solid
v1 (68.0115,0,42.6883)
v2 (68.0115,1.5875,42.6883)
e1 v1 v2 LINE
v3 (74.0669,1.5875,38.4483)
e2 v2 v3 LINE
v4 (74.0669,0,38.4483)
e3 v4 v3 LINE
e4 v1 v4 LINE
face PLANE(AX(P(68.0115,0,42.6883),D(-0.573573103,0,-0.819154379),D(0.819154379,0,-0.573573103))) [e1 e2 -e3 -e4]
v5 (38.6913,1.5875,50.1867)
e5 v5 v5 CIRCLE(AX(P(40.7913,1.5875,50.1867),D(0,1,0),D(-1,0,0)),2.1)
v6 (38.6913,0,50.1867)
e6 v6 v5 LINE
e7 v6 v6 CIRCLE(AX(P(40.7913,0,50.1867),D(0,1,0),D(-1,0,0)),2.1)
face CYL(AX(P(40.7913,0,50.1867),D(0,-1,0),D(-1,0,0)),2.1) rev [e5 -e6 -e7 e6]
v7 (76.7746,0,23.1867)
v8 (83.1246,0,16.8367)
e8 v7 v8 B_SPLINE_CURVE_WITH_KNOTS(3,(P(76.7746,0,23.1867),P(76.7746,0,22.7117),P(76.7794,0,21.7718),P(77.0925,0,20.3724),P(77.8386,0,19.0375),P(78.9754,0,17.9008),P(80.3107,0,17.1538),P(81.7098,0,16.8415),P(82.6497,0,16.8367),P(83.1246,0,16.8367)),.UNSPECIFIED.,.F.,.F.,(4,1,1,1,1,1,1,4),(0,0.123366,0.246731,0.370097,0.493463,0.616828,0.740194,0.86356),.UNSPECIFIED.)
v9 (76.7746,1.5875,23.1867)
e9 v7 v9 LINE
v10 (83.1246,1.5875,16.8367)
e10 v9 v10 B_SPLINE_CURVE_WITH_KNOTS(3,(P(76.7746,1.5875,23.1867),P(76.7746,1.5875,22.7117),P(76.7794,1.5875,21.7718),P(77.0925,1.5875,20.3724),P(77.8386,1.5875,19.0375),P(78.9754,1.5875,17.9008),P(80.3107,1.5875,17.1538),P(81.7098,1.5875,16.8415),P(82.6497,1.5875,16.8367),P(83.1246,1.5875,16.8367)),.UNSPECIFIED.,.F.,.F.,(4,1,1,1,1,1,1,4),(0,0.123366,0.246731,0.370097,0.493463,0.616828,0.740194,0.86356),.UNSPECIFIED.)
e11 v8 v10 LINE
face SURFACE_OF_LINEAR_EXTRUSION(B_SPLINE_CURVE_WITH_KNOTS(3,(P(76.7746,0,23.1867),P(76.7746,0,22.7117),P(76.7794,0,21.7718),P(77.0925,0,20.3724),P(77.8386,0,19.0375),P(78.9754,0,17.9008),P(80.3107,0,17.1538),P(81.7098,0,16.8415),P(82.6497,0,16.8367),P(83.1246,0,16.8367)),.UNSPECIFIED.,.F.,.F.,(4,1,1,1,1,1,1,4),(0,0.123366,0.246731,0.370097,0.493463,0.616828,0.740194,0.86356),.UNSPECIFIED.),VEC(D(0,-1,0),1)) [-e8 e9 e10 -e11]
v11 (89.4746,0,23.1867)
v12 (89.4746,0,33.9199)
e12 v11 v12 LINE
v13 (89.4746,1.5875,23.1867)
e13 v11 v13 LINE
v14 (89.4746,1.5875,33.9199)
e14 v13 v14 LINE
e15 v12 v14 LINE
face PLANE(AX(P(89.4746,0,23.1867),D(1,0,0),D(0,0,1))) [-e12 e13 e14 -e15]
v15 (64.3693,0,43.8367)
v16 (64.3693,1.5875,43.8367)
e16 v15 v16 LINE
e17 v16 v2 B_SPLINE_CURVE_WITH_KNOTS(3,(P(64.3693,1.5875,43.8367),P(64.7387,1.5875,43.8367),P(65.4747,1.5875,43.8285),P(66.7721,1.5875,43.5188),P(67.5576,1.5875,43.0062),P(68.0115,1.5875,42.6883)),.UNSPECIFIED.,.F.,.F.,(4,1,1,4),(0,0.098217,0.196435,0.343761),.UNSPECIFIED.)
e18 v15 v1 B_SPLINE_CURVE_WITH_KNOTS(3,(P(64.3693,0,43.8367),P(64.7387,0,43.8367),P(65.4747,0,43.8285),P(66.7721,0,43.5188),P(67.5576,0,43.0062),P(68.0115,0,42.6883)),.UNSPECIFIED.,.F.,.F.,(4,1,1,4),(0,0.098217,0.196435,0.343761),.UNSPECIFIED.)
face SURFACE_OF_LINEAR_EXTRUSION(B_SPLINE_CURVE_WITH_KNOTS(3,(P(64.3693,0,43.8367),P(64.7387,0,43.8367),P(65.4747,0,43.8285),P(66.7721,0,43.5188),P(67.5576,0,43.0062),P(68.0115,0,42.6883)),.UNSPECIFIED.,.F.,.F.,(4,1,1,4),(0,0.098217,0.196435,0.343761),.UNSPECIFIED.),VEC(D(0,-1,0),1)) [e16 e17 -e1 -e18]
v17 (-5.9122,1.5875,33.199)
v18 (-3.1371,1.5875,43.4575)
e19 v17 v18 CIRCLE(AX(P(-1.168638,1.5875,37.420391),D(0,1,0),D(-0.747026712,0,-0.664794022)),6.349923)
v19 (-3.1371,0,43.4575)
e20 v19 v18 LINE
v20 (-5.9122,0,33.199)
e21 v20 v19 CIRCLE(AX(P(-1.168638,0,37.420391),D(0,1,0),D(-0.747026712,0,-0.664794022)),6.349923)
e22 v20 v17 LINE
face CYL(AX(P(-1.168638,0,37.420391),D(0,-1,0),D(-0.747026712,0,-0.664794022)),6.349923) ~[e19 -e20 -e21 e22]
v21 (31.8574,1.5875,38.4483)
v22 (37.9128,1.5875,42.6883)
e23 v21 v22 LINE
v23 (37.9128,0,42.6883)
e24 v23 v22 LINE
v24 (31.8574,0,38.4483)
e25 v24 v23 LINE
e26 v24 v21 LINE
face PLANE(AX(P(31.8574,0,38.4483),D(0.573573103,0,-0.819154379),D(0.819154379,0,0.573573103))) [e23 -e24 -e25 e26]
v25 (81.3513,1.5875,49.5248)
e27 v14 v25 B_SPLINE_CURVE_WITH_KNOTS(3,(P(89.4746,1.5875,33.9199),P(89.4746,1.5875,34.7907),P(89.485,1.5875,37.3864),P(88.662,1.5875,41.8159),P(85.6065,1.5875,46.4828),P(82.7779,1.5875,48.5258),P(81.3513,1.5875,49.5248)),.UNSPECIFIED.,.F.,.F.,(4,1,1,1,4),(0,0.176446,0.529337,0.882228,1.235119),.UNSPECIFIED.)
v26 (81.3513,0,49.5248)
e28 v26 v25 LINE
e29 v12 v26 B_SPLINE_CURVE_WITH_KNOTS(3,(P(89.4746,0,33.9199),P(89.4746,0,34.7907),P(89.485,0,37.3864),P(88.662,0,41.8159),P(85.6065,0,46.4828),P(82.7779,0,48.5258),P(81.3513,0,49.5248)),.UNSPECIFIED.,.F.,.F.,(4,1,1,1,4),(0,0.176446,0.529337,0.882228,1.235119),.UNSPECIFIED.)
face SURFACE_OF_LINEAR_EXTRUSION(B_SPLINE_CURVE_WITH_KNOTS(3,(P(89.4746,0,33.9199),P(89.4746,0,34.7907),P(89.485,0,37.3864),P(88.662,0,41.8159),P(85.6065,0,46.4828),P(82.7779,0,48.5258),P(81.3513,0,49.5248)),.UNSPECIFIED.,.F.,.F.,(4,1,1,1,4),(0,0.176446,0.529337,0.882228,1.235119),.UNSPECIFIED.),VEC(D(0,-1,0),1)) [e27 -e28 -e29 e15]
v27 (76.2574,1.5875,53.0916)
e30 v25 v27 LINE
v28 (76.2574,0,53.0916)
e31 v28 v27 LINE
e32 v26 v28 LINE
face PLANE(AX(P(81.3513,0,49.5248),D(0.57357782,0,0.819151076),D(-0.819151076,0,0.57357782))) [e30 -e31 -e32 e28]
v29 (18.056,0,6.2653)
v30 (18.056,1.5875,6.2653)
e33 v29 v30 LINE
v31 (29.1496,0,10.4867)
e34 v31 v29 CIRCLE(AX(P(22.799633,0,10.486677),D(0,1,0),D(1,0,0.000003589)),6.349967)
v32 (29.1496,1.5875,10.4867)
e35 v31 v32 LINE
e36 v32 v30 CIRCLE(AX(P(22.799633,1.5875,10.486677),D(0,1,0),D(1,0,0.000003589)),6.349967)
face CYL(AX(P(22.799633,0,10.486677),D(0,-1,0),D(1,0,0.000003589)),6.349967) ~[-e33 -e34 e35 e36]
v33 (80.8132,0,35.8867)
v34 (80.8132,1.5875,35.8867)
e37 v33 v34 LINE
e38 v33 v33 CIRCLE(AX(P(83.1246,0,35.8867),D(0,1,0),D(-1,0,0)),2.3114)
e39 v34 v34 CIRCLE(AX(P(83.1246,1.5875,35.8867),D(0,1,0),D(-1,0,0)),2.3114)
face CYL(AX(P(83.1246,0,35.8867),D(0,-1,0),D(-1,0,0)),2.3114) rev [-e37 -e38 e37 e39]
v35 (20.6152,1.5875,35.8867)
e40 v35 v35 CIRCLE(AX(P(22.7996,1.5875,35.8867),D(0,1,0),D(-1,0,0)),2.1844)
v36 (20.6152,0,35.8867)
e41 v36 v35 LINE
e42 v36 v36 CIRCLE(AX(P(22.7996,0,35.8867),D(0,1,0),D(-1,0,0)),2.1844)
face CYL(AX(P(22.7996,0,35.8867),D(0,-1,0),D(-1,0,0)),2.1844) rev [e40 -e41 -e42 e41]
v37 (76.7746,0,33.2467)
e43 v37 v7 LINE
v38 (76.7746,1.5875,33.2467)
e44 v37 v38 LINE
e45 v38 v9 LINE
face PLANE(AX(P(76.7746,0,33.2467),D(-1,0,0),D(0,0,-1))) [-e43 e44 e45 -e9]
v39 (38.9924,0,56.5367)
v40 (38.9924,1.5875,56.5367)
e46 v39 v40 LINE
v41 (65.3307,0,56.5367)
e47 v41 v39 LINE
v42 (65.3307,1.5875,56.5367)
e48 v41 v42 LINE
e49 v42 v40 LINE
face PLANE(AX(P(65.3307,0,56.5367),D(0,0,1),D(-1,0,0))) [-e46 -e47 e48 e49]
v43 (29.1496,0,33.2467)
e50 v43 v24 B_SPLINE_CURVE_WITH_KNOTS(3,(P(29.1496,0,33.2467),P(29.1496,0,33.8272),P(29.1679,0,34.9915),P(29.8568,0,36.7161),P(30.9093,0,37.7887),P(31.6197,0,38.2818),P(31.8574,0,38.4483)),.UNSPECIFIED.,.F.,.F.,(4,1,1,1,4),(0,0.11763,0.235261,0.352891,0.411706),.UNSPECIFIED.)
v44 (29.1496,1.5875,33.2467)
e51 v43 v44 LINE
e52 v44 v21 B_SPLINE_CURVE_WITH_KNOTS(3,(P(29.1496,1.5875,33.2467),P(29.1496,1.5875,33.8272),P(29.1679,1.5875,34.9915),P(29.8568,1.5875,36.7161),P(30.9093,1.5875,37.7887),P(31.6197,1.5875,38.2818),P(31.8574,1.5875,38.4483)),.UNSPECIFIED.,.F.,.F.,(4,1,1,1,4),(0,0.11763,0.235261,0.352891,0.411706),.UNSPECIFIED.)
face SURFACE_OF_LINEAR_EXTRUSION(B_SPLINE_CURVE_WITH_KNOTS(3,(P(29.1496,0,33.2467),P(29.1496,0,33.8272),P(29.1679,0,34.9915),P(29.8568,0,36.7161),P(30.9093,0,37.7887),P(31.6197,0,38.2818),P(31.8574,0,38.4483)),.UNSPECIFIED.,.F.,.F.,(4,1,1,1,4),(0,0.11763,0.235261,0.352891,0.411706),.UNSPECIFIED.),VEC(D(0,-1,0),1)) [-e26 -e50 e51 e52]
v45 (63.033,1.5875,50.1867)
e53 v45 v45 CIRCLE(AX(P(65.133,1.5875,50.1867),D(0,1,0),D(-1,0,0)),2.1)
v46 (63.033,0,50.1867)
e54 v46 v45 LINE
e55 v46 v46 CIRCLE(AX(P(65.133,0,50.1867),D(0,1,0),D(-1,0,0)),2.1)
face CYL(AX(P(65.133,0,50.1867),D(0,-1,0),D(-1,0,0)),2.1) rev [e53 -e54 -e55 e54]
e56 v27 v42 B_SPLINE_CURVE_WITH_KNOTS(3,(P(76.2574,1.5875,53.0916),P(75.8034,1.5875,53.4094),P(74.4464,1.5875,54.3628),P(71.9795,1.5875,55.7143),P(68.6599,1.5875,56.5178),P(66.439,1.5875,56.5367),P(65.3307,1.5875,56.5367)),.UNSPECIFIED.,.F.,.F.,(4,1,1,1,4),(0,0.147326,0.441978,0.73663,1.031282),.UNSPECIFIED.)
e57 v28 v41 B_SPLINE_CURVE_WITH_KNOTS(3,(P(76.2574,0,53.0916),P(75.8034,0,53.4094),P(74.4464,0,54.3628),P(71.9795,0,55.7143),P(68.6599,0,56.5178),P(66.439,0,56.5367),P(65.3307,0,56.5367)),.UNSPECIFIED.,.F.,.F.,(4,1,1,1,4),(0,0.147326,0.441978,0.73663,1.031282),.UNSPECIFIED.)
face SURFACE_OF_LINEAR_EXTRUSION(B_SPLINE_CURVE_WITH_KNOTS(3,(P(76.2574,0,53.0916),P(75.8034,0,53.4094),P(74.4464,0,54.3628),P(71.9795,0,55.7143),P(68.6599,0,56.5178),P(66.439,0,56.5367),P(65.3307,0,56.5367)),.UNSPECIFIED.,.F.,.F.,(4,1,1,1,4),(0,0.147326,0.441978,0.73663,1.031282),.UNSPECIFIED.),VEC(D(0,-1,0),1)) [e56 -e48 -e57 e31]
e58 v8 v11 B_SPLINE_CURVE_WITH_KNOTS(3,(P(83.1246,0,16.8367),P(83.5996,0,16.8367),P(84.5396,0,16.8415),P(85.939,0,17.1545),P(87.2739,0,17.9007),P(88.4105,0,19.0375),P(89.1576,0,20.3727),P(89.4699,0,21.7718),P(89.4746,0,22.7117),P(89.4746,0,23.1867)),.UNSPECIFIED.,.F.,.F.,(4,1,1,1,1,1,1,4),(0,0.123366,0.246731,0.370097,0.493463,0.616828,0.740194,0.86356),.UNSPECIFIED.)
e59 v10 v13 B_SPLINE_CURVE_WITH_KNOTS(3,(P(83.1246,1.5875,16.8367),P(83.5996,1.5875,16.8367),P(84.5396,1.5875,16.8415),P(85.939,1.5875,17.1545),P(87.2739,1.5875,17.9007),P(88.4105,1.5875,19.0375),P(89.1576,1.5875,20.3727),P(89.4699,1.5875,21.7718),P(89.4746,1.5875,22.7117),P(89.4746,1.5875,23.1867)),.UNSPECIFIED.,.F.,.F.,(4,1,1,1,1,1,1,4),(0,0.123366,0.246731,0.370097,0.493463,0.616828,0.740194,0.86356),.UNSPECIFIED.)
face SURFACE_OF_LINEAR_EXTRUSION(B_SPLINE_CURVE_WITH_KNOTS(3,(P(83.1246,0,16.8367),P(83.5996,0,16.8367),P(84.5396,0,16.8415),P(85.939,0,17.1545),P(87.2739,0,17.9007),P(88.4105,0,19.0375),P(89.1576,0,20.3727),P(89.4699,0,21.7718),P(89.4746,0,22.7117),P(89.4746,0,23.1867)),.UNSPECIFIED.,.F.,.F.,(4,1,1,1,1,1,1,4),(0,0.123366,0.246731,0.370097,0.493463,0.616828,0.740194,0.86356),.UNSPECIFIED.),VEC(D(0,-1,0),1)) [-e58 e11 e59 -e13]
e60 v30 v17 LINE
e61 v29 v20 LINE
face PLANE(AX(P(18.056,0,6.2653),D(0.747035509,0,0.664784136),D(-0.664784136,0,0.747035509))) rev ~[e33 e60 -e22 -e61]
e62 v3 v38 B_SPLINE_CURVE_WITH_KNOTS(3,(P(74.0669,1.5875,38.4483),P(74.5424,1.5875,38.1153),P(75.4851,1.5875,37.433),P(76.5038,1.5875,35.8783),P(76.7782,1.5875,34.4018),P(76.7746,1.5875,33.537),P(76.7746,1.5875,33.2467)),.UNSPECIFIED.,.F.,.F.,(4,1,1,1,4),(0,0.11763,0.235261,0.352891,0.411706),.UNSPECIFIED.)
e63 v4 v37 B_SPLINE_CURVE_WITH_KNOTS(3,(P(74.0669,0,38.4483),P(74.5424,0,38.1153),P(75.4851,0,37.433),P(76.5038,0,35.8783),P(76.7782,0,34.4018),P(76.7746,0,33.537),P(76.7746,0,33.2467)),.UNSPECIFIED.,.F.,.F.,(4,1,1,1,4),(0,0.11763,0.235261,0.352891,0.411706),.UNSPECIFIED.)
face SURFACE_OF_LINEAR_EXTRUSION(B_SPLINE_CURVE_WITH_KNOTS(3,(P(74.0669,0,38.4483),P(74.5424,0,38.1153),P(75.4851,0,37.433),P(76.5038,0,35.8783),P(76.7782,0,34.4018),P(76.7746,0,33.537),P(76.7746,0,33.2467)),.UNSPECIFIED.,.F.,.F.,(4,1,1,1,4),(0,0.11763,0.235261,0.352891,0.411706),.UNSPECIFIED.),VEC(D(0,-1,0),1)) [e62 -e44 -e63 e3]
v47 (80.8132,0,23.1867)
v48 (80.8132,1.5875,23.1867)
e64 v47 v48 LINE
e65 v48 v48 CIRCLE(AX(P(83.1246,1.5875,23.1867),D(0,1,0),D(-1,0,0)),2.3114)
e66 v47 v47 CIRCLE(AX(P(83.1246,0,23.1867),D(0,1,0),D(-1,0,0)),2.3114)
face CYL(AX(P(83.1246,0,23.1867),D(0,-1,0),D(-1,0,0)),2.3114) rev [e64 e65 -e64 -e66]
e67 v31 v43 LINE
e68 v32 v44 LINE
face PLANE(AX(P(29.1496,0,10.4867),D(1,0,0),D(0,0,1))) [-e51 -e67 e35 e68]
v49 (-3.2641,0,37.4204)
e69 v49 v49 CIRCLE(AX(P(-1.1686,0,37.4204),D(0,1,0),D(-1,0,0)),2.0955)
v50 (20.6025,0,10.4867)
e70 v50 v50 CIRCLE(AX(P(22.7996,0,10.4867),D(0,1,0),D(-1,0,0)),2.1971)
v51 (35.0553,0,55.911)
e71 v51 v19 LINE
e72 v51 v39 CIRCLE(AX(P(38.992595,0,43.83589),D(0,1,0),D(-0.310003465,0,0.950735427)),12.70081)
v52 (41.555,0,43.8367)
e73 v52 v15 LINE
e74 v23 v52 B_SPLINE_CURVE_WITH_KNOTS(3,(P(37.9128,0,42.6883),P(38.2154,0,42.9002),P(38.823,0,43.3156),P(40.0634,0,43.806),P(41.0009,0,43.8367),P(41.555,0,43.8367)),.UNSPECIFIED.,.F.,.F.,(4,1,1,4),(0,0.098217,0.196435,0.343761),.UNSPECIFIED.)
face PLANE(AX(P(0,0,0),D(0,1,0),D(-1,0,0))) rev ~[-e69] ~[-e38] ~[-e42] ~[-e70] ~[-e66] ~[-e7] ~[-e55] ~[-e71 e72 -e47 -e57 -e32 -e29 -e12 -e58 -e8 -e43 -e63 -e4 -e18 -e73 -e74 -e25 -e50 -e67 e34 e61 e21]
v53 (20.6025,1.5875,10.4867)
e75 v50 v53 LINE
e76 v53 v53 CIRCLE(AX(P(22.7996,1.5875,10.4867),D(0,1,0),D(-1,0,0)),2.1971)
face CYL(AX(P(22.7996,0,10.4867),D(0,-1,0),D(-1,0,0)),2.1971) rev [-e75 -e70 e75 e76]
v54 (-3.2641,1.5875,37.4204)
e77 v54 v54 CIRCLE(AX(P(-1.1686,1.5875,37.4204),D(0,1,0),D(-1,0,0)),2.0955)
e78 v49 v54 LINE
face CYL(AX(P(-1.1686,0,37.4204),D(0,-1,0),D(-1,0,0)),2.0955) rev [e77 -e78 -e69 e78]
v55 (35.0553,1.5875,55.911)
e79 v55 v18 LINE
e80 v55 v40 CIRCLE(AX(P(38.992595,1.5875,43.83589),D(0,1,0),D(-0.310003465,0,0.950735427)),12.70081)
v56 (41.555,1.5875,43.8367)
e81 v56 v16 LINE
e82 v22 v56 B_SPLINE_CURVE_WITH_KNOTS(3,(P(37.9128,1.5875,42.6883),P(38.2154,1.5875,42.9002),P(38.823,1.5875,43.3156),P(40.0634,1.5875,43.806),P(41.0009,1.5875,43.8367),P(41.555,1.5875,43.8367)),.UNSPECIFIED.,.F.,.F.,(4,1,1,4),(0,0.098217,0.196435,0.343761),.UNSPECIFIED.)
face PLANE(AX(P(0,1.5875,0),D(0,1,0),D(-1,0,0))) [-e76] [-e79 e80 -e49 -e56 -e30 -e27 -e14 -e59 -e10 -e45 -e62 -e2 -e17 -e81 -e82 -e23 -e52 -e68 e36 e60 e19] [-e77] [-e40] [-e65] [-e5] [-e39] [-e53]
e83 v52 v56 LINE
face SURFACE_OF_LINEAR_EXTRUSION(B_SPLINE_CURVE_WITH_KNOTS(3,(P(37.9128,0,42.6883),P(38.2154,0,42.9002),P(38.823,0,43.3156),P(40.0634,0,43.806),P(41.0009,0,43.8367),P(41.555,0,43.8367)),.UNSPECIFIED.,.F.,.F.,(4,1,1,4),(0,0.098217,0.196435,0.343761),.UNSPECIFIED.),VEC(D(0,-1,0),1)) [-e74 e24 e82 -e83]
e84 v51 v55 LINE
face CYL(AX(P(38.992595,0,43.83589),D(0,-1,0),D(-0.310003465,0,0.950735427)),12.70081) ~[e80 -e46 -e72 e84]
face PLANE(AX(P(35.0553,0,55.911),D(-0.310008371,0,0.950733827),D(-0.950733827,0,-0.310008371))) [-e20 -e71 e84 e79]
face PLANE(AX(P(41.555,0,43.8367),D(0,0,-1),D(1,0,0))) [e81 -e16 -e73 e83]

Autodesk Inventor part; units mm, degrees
ref_plane "YZ Plane" through (0, 0, 0) normal (1, 0, 0) x (0, 1, 0)
ref_plane "XZ Plane" through (0, 0, 0) normal (0, 1, 0) x (-1, 0, 0)
ref_plane "XY Plane" through (0, 0, 0) normal (0, 0, 1) x (1, 0, 0)
sketch "Sketch1" plane through (0, 0, 0) normal (0, 1, 0) x (-1, 0, 0)
  circle A0 centre (-40.7913, 50.1867) radius 2.1
  circle A1 centre (-65.133, 50.1867) radius 2.1
  line L0 (-65.3307, 56.5367) -> (-38.9924, 56.5367)
  spline S0 degree 3 poles (-76.2574, 53.0916) (-75.8034, 53.4094) (-74.4464, 54.3628) (-71.9795, 55.7143) (-68.6599, 56.5178) (-66.439, 56.5367) (-65.3307, 56.5367) knots 0 0 0 0 0.147326 0.441978 0.73663 1.031282 1.031282 1.031282 1.031282
  spline S1 degree 3 poles (-89.4746, 33.9199) (-89.4746, 34.7907) (-89.485, 37.3864) (-88.662, 41.8159) (-85.6065, 46.4828) (-82.7779, 48.5258) (-81.3513, 49.5248) knots 0 0 0 0 0.176446 0.529337 0.882228 1.235119 1.235119 1.235119 1.235119
  line L1 (-81.3513, 49.5248) -> (-76.2574, 53.0916)
  line L2 (-89.4746, 23.1867) -> (-89.4746, 33.9199)
  spline S2 degree 3 poles (-83.1246, 16.8367) (-83.5996, 16.8367) (-84.5396, 16.8415) (-85.939, 17.1545) (-87.2739, 17.9007) (-88.4105, 19.0375) (-89.1576, 20.3727) (-89.4699, 21.7718) (-89.4746, 22.7117) (-89.4746, 23.1867) knots 0 0 0 0 0.123366 0.246731 0.370097 0.493463 0.616828 0.740194 0.86356 0.86356 0.86356 0.86356
  spline S3 degree 3 poles (-76.7746, 23.1867) (-76.7746, 22.7117) (-76.7794, 21.7718) (-77.0925, 20.3724) (-77.8386, 19.0375) (-78.9754, 17.9008) (-80.3107, 17.1538) (-81.7098, 16.8415) (-82.6497, 16.8367) (-83.1246, 16.8367) knots 0 0 0 0 0.123366 0.246731 0.370097 0.493463 0.616828 0.740194 0.86356 0.86356 0.86356 0.86356
  circle A2 centre (-83.1246, 23.1867) radius 2.3114
  circle A3 centre (-83.1246, 35.8867) radius 2.3114
  spline S4 degree 3 poles (-74.0669, 38.4483) (-74.5424, 38.1153) (-75.4851, 37.433) (-76.5038, 35.8783) (-76.7782, 34.4018) (-76.7746, 33.537) (-76.7746, 33.2467) knots 0 0 0 0 0.11763 0.235261 0.352891 0.411706 0.411706 0.411706 0.411706
  line L3 (-76.7746, 33.2467) -> (-76.7746, 23.1867)
  line L4 (-68.0115, 42.6883) -> (-74.0669, 38.4483)
  spline S5 degree 3 poles (-64.3693, 43.8367) (-64.7387, 43.8367) (-65.4747, 43.8285) (-66.7721, 43.5188) (-67.5576, 43.0062) (-68.0115, 42.6883) knots 0 0 0 0 0.098217 0.196435 0.343761 0.343761 0.343761 0.343761
  line L5 (-41.555, 43.8367) -> (-64.3693, 43.8367)
  spline S6 degree 3 poles (-37.9128, 42.6883) (-38.2154, 42.9002) (-38.823, 43.3156) (-40.0634, 43.806) (-41.0009, 43.8367) (-41.555, 43.8367) knots 0 0 0 0 0.098217 0.196435 0.343761 0.343761 0.343761 0.343761
  line L6 (-31.8574, 38.4483) -> (-37.9128, 42.6883)
  line L7 (-29.1496, 10.4867) -> (-29.1496, 33.2467)
  spline S7 degree 3 poles (-29.1496, 33.2467) (-29.1496, 33.8272) (-29.1679, 34.9915) (-29.8568, 36.7161) (-30.9093, 37.7887) (-31.6197, 38.2818) (-31.8574, 38.4483) knots 0 0 0 0 0.11763 0.235261 0.352891 0.411706 0.411706 0.411706 0.411706
  line L8 (-35.0553, 55.911) -> (3.1371, 43.4575)
  arc A4 (-35.0553, 55.911) -> (-38.9924, 56.5367) centre (-38.9924, 43.8367) ccw
  circle A5 centre (90.9711, -52.3822) radius 2.1844
  circle A6 centre (-22.7996, 35.8867) radius 2.1844
  circle A7 centre (1.1686, 37.4204) radius 2.0955
  arc A8 (5.9122, 33.199) -> (3.1371, 43.4575) centre (1.1686, 37.4204) ccw
  circle A9 centre (-22.7996, 10.4867) radius 2.1971 projected
  arc A10 (-29.1496, 10.4867) -> (-18.056, 6.2653) centre (-22.7996, 10.4867) ccw
  line L9 (-18.056, 6.2653) -> (5.9122, 33.199)
  point P0 (0, 0)
  point P1 (99.9514, -43.4019)
  point P2 (97.0418, -61.7217)
  dimension "d8" = 12.7
  dimension "d9" = 12.7
extrude "Extrusion1" add sketch "Sketch1" along normal blind 1.5875 contours L0 A4 L8 A8 L9 A10 L7 S7 L6 S6 L5 S5 L4 S4 L3 S3 S2 L2 S1 L1 S0
properties part number "funnel_gusset_full" material "Acetal Resin, Black"
